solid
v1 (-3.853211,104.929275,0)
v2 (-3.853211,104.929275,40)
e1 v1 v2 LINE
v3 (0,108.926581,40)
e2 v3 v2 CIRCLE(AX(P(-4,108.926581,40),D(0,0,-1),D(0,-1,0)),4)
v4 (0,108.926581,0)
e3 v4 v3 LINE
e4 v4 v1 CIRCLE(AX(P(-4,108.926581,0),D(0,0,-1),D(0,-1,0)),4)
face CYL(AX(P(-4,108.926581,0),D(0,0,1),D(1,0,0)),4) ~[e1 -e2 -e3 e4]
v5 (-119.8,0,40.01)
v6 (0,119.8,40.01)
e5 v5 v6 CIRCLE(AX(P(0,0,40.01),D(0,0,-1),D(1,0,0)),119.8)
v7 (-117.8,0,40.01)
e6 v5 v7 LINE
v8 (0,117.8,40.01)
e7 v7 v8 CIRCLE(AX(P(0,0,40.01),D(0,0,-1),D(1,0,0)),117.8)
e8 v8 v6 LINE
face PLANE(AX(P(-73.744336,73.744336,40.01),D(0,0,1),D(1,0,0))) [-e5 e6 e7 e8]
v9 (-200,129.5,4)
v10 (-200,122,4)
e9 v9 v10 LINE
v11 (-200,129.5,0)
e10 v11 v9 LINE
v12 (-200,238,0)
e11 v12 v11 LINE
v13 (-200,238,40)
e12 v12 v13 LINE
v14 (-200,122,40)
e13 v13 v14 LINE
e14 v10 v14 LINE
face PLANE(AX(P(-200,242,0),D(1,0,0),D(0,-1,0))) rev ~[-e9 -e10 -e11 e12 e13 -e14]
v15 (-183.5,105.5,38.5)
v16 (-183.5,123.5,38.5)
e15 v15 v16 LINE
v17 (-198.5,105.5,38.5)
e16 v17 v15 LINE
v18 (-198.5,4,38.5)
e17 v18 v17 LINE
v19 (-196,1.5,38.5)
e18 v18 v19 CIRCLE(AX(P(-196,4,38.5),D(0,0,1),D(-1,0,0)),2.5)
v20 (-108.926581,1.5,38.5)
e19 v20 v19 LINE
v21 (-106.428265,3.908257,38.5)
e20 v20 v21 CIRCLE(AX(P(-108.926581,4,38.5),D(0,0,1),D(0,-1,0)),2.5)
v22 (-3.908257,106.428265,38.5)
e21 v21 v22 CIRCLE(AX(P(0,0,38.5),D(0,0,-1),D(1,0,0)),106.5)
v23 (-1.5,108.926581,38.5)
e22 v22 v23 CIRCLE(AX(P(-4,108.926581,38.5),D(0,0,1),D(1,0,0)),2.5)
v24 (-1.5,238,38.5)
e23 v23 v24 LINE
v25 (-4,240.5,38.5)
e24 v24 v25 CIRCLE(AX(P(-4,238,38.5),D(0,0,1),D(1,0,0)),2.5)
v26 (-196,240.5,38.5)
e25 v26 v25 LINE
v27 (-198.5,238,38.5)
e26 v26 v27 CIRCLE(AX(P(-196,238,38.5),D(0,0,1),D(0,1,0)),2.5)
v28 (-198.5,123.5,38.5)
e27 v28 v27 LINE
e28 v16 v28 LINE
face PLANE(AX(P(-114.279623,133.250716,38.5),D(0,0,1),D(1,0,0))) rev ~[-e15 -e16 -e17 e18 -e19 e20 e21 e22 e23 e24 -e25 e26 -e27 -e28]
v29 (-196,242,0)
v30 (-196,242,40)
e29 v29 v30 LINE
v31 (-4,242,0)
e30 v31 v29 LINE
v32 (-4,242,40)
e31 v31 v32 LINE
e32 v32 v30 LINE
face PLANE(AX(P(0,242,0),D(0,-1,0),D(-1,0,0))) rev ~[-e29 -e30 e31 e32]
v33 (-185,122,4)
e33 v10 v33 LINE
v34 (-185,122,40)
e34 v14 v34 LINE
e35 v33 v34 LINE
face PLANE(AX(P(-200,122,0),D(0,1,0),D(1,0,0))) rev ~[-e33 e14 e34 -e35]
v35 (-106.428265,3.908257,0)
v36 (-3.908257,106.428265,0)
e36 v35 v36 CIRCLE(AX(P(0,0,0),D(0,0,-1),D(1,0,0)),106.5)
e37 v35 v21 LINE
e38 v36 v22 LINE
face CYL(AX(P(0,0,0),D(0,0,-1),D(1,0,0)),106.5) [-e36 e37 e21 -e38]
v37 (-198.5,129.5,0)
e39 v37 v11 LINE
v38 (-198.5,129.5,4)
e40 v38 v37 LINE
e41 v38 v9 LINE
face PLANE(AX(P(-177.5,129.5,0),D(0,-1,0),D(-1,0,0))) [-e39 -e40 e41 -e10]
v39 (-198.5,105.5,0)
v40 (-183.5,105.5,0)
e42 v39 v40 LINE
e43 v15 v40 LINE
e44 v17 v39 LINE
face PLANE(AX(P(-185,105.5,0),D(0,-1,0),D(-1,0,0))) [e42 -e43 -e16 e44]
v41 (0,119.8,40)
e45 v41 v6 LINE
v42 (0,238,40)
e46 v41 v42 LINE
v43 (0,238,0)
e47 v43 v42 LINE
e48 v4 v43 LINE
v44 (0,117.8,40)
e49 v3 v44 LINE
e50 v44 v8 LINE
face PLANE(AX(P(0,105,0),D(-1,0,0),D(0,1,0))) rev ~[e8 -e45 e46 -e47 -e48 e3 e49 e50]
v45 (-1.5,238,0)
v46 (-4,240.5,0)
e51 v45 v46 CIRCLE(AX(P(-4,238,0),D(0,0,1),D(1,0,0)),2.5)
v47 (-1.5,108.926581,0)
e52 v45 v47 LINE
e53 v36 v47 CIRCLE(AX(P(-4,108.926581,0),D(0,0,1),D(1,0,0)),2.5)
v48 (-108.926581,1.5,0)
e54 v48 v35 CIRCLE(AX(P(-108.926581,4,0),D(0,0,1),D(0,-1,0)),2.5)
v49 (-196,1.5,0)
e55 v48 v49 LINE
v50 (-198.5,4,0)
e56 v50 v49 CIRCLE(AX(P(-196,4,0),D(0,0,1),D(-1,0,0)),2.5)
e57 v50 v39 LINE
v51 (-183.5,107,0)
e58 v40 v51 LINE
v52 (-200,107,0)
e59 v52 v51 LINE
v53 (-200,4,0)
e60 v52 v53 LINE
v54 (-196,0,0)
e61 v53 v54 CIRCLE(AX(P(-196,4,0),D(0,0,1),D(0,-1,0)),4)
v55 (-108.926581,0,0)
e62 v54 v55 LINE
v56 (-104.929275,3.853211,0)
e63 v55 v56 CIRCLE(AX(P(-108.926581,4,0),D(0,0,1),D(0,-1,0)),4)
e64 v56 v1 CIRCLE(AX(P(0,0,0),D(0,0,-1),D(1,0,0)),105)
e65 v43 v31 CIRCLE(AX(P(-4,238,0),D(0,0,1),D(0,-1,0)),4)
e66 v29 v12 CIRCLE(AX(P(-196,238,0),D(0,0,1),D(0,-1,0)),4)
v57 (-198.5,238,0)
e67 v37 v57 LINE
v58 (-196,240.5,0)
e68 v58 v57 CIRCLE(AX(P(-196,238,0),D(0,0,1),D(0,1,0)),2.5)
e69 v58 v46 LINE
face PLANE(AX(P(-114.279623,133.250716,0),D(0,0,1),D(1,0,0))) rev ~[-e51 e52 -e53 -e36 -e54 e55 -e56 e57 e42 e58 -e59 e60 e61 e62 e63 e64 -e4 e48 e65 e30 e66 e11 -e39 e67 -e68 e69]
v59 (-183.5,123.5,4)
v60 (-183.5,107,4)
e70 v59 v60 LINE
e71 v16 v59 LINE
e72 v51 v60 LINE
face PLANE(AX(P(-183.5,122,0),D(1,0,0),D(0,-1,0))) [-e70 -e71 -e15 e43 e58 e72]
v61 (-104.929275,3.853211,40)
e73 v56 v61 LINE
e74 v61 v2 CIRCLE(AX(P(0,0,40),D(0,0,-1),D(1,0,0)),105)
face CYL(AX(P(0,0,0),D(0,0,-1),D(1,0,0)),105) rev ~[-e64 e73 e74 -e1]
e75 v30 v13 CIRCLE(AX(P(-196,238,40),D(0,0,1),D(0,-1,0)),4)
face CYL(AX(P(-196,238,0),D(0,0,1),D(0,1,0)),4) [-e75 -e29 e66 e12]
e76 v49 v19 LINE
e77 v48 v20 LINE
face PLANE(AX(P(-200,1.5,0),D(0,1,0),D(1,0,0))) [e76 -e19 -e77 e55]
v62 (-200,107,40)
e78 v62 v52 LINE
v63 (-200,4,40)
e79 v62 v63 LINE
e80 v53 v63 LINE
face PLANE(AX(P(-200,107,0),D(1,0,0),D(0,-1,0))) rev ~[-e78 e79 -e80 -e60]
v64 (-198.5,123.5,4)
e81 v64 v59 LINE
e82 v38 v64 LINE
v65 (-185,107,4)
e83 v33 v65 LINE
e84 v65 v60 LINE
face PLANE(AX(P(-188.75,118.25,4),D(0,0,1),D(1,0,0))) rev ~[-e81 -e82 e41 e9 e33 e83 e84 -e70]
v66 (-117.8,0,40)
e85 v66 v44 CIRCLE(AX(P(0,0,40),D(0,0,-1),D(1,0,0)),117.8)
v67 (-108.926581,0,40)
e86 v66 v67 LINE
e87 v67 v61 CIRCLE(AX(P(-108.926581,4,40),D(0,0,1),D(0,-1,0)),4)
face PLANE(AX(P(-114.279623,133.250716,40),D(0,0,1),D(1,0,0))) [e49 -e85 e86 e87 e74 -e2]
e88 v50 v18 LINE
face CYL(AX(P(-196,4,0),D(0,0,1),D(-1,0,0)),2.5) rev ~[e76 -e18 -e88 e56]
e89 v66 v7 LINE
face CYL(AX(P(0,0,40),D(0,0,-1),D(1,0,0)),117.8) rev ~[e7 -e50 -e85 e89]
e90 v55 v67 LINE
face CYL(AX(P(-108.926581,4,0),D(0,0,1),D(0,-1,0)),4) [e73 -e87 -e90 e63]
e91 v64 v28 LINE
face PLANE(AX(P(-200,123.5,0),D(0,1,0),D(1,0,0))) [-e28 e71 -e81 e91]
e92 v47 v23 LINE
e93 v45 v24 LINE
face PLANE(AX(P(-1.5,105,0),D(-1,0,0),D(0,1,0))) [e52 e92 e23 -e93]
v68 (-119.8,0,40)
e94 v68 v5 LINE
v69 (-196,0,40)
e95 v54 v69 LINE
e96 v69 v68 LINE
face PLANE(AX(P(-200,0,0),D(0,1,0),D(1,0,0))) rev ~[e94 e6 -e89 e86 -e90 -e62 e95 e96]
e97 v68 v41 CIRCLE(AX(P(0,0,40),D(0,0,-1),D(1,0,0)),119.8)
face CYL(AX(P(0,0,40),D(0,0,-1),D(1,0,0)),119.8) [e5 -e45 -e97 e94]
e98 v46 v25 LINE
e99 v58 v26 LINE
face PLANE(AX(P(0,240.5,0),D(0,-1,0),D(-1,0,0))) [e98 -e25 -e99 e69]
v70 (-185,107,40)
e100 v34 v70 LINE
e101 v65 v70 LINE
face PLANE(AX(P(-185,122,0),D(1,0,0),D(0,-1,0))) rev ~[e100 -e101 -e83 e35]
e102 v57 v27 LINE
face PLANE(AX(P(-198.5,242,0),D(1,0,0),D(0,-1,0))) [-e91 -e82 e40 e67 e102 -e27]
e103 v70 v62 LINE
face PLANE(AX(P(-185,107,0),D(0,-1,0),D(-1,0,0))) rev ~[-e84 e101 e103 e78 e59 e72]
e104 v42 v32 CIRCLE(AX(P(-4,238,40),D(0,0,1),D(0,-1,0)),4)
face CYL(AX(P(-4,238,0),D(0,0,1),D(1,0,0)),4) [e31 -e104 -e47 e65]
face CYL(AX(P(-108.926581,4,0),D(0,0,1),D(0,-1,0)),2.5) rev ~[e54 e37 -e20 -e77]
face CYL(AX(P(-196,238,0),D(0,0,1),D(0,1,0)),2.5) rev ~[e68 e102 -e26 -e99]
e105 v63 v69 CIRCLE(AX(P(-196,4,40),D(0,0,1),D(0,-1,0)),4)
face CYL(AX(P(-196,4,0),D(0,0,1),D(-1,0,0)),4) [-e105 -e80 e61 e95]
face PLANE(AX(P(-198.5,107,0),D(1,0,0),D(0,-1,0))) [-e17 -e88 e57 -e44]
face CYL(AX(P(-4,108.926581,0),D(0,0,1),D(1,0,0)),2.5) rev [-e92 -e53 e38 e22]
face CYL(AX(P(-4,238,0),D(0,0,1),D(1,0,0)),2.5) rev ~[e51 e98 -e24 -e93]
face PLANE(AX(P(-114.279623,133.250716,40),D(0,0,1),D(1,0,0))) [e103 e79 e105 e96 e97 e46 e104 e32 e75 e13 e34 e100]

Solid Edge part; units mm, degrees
sketch "Sketch1" plane through (0, 0, 0) normal (0, 0, 1) x (1, 0, 0)
  line L0 (0, 105) -> (0, 242)
  line L1 (0, 242) -> (-200, 242)
  line L2 (-200, 242) -> (-200, 122)
  line L3 (-200, 122) -> (-185, 122)
  line L4 (-185, 122) -> (-185, 107)
  line L5 (-185, 107) -> (-200, 107)
  line L6 (-200, 107) -> (-200, 0)
  line L7 (-200, 0) -> (-105, 0)
  arc A0 (-105, 0) -> (0, 105) centre (0, 0) cw
extrude "ProtrusiónExtruida_1" add sketch "Sketch1" along normal blind 40
fillet "Round1" radius 4 5 edges at (-105, 0, 20) (-200, 0, 20) (0, 105, 20) (0, 242, 20) (-200, 242, 20)
shell "Espesor_2" thickness 1.5 removed faces 1 at (-168.6667, 42.7533, 0)
sketch "Sketch2" plane through (-100, 121, 40) normal (0, 0, 1) x (1, 0, 0)
  line L0 (-19.8, -121) -> (-17.8, -121)
  arc A0 (-17.8, -121) -> (100, -3.2) centre (100, -121) cw
  line L1 (100, -3.2) -> (100, -1.2)
  arc A1 (-19.8, -121) -> (100, -1.2) centre (100, -121) cw
extrude "ProtrusiónExtruida_2" add sketch "Sketch2" along normal blind 0.01
sketch "Sketch3" plane through (-100, 121, 0) normal (0, 0, -1) x (-1, 0, 0)
  line L0 (77.5, -14) -> (77.5, 8.5)
  line L1 (77.5, 8.5) -> (100, 8.5)
  line L2 (100, 8.5) -> (100, -14)
  line L3 (100, -14) -> (77.5, -14)
extrude "VaciadoExtruido_1" cut sketch "Sketch3" against normal blind 4
